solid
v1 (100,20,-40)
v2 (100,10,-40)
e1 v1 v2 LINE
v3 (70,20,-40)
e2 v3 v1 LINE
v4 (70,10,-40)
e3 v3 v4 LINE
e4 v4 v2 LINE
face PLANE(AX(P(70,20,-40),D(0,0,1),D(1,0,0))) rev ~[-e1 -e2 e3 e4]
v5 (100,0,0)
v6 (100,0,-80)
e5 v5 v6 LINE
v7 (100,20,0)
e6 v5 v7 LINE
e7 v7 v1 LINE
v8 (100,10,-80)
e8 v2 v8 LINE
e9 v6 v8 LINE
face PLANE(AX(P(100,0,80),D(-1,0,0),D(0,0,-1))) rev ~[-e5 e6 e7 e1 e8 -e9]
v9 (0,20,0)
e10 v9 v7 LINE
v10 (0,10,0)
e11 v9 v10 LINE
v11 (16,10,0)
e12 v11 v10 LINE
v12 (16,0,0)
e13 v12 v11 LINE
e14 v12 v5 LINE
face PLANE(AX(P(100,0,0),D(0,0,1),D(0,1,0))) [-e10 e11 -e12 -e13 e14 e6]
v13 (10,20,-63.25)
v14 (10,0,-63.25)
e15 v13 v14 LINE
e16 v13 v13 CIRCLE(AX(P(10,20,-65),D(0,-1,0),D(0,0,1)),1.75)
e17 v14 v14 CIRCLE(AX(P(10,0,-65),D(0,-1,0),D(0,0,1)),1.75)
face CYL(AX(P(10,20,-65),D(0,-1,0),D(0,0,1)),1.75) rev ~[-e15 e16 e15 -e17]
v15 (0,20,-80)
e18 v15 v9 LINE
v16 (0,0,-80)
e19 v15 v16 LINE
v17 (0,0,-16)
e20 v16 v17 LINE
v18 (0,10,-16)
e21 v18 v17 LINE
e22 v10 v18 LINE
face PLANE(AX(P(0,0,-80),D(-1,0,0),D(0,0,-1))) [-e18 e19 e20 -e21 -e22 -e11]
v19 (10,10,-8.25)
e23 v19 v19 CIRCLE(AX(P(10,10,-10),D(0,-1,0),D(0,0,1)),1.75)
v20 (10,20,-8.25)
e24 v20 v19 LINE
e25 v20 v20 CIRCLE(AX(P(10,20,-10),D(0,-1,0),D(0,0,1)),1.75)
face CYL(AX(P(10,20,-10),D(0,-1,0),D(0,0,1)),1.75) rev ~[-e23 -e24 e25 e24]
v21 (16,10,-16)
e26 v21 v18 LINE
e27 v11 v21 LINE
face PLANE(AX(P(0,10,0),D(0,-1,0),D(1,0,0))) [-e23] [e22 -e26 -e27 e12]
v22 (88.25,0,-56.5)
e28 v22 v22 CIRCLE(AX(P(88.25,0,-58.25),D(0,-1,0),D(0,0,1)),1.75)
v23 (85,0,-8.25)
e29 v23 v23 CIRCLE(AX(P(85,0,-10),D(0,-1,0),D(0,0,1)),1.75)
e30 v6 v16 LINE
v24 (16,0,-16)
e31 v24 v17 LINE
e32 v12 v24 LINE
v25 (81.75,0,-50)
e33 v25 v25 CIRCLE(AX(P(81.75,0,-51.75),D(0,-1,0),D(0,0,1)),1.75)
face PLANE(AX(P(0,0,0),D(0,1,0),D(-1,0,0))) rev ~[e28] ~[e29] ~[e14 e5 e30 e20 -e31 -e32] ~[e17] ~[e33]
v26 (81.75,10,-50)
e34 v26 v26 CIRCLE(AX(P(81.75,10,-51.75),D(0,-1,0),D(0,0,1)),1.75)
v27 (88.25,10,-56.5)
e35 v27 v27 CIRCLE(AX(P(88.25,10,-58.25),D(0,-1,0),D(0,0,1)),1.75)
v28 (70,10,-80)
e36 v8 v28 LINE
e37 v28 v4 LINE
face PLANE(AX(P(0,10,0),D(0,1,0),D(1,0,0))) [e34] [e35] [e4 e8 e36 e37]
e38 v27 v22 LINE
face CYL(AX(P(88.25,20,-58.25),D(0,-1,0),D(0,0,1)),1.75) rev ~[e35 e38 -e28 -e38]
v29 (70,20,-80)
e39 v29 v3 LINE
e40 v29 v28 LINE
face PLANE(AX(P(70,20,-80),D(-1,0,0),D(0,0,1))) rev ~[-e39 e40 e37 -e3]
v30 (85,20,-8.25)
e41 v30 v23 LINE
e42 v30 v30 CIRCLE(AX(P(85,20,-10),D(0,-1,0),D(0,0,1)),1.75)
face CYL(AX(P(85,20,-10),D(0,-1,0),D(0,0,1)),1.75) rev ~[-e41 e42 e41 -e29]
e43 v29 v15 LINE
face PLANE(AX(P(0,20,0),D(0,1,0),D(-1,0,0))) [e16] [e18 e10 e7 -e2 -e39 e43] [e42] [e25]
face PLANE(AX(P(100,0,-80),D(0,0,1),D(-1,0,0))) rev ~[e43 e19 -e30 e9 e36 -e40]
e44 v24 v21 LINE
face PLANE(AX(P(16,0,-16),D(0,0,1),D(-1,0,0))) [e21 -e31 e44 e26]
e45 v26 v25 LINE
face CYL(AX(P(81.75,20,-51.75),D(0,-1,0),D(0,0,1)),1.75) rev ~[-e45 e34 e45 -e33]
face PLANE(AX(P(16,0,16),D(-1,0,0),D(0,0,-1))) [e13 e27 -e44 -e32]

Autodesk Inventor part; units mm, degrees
ref_plane "YZ Plane" through (0, 0, 0) normal (1, 0, 0) x (0, 1, 0)
ref_plane "XZ Plane" through (0, 0, 0) normal (0, 1, 0) x (-1, 0, 0)
ref_plane "XY Plane" through (0, 0, 0) normal (0, 0, 1) x (1, 0, 0)
sketch "Boceto1" plane through (0, 0, 0) normal (0, 1, 0) x (-1, 0, 0)
  line L0 (100, 80) -> (-100, 80)
  line L1 (-100, 80) -> (-100, -80)
  line L2 (-100, -80) -> (100, -80)
  line L3 (100, -80) -> (100, 80)
  line L4 (100, 80) -> (-100, -80) construction
  line L5 (-100, 80) -> (100, -80) construction
  point P0 (0, 0)
  dimension "d0" = 200
  dimension "d1" = 160
extrude "Extrusión1" add sketch "Boceto1" along normal blind 20
sketch "Boceto2" plane through (0, 20, 0) normal (0, 1, 0) x (1, 0, 0)
  line L0 (-100, 80) -> (-100, -80) projected
  line L1 (-100, 80) -> (-70, 80)
  line L2 (-70, 80) -> (-70, 40)
  line L3 (-70, 40) -> (-100, 40)
  line L4 (-100, 40) -> (-100, 80)
  line L5 (100, 80) -> (-100, 80) projected
  line L6 (0, 80) -> (0, 40)
  line L7 (100, 80) -> (70, 80)
  line L8 (70, 80) -> (70, 40)
  line L9 (70, 40) -> (100, 40)
  line L10 (100, 40) -> (100, 80)
  point P0 (0, 0)
  dimension "d4" = 30
  dimension "d5" = 40
extrude "Extrusión2" cut sketch "Boceto2" against normal blind 10
sketch "Boceto3" plane through (0, 20, 0) normal (0, 1, 0) x (1, 0, 0)
  line L0 (-70, 80) -> (-70, 40) projected
  line L1 (-70, 80.0001) -> (-70, 40)
  line L2 (-70, 40) -> (-100, 40) projected
  line L3 (-100, 40) -> (-100, 80.0001)
  line L4 (-100, 40) -> (-70, 40)
  line L5 (-70, 40) -> (-70, 80)
  line L6 (-70, 80) -> (-100, 80)
  line L7 (-100, 80) -> (-100, 40)
  circle A0 centre (-88.25, 58.25) radius 1.75
  circle A1 centre (-81.75, 51.75) radius 1.75
  line L8 (100, 80) -> (-100, 80) projected
  line L9 (0, 80) -> (0, 56.5)
  circle A2 centre (88.25, 58.25) radius 1.75
  circle A3 centre (81.75, 51.75) radius 1.75
  point P0 (0, 0)
  point P1 (-64.3507, 80)
  point P2 (-74.3507, 0)
  point P3 (-85, 80)
  dimension "d23" = 21.75
  dimension "d24" = 11.75
  dimension "d26" = 11.75
hole "Agujero1" at (-81.75, 20, -51.75) at (-88.25, 20, -58.25) at (81.75, 20, -51.75) at (88.25, 20, -58.25) direction (0, -1, 0) diameter 3.5 end through all
sketch "Boceto4" plane through (-100, 0, 80) normal (0, 0, 1) x (1, 0, 0)
  line L0 (30, 20) -> (60, 20)
  line L1 (60, 20) -> (60, 10)
  line L2 (60, 10) -> (30, 10)
  line L3 (30, 10) -> (30, 20)
  line L4 (0, 0) -> (0, 20) projected
  line L5 (100, 0) -> (100, 10)
  line L6 (170, 20) -> (140, 20)
  line L7 (140, 20) -> (140, 10)
  line L8 (140, 10) -> (170, 10)
  line L9 (170, 10) -> (170, 20)
  dimension "d34" = 30
  dimension "d35" = 10
  dimension "d36" = 30
extrude "Extrusión3" add sketch "Boceto4" along normal blind 40
sketch "Boceto5" plane through (0, 20, 0) normal (0, 1, 0) x (1, 0, 0)
  line L0 (59.9999, -50) -> (69.9999, -50)
  line L1 (49.9999, -101.75) -> (49.9999, -79.9497)
  line L2 (59.9999, -108.25) -> (59.9999, -50)
  line L3 (40, -80) -> (69.9999, -80)
  line L4 (49.9999, -79.9497) -> (40, -80)
  circle A0 centre (51.7499, -101.75) radius 1.75
  circle A1 centre (58.2499, -108.25) radius 1.75
  line L5 (69.9999, -80) -> (69.9999, -120)
  line L6 (40, -120) -> (40, -80)
  line L7 (69.9999, -120) -> (40, -120)
  line L8 (0, -50) -> (0, -71.75)
  line L9 (-40, -120) -> (-40, -80)
  line L10 (-49.9999, -101.75) -> (-49.9999, -79.9497)
  circle A2 centre (-51.7499, -101.75) radius 1.75
  circle A3 centre (-58.2499, -108.25) radius 1.75
  line L11 (-40, -80) -> (-69.9999, -80)
  line L12 (-69.9999, -120) -> (-40, -120)
  line L13 (-69.9999, -80) -> (-69.9999, -120)
  line L14 (-59.9999, -108.25) -> (-59.9999, -50)
  line L15 (-40, -120) -> (-69.9999, -120)
  line L16 (-69.9999, -80) -> (-69.9999, -120)
  line L17 (-40, -120) -> (-70, -120) projected
  line L18 (-40, -80) -> (-40, -120) projected
  line L19 (-59.9999, -110) -> (-49.9999, -110)
  line L20 (-49.9999, -110) -> (-49.9999, -100)
  line L21 (-49.9999, -100) -> (-59.9999, -100)
  line L22 (-59.9999, -100) -> (-59.9999, -110)
  line L23 (-100, 40) -> (-100, -80) projected
  point P0 (0, 0)
  point P1 (-56.75, -68.25)
  point P2 (-63.25, -61.75)
  point P3 (63.25, -61.75)
  point P4 (56.75, -68.25)
  dimension "d45" = 3.5
  dimension "d46" = 3.5
  dimension "d39" = 10
  dimension "d40" = 10
  dimension "d41" = 40
  dimension "d42" = 0
  dimension "d43" = 6.5
  dimension "d44" = 6.5
  dimension "d47" = 11.7499
  dimension "d48" = 11.75
  dimension "d49" = 0
  dimension "d50" = 11.75
  dimension "d51" = 0
  dimension "d97" = 40.0001
hole "Agujero2" at (-58.2499, 20, 108.25) at (-51.7499, 20, 101.75) at (51.7499, 20, 101.75) at (58.2499, 20, 108.25) direction (0, -1, 0) diameter 3.5 end through all
sketch "Boceto6" plane through (0, 20, 0) normal (0, 1, 0) x (1, 0, 0)
  circle A0 centre (-60.569, -13.1067) radius 10
  circle A1 centre (-29.569, -59.1067) radius 3.5
  line L0 (-60.569, -13.1067) -> (-39.0083, -13.1067)
  circle A2 centre (-29.569, 25.8933) radius 3.5
  circle A3 centre (-88.569, 25.8933) radius 3.5
  circle A4 centre (-88.569, -59.1067) radius 3.5
  line L1 (70.4544, -63.0517) -> (18.4544, -63.0517)
  line L2 (18.4544, -63.0517) -> (18.4544, 6.9483)
  line L3 (18.4544, 6.9483) -> (70.4544, 6.9483)
  line L4 (70.4544, 6.9483) -> (70.4544, -63.0517)
  line L5 (70.4544, 6.9483) -> (48.4544, 6.9483)
  line L6 (48.4544, 6.9483) -> (48.4544, 48.9483)
  line L7 (48.4544, 48.9483) -> (70.4544, 48.9483)
  line L8 (70.4544, 48.9483) -> (70.4544, 6.9483)
  line L9 (77.2288, -8.158) -> (77.2281, -5.6604)
  circle A5 centre (63.7706, -5.7606) radius 1.75
  line L10 (70.7641, -24.1464) -> (70.7641, 22.2796)
  circle A6 centre (35.8307, -5.7609) radius 1.75
  line L11 (25.1581, -13.2381) -> (25.1581, -10.7404)
  circle A7 centre (68.8507, -57.8309) radius 1.75
  line L12 (26.4277, 35.0051) -> (26.4277, 37.5029)
  circle A8 centre (20.6074, -56.5614) radius 1.75
  line L13 (18.6941, -55.9176) -> (70.7641, -55.9176)
  line L14 (18.6941, -55.9176) -> (18.6941, -7.6743)
  line L15 (44.7291, -55.9176) -> (44.7291, -31.7959)
  line L16 (63.7706, -28.0517) -> (26.4277, -28.0517)
  line L17 (44.7291, -23.5247) -> (44.7291, -31.7959)
  point P0 (0, 0)
  point P1 (-60.569, -16.6067)
  point P2 (45.425, 12.8886)
  point P3 (44.7291, -28.0517)
  dimension "d59" = 7
  dimension "d60" = 7
  dimension "d61" = 7
  dimension "d62" = 39
  dimension "d63" = 46
  dimension "d64" = 59
  dimension "d65" = 46
  dimension "d66" = 39
  dimension "d67" = 59
  dimension "d68" = 52
  dimension "d69" = 70
  dimension "d70" = 22
  dimension "d71" = 42
  dimension "d72" = 3.5
  dimension "d73" = 3.5
  dimension "d74" = 3.5
  dimension "d75" = 3.5
  dimension "d142" = 17.3763
  dimension "d143" = 12.7092
  dimension "d144" = 6.6837
  dimension "d145" = 12.7089
  dimension "d146" = 5.2208
  dimension "d147" = 1.6037
  dimension "d148" = 2.1531
  dimension "d149" = 6.4903
hole "Agujero3" at (68.8507, 20, 57.8309) at (20.6074, 20, 56.5614) at (63.7706, 20, 5.7606) at (35.8307, 20, 5.7609) direction (0, -1, 0) diameter 3.5 end through all
sketch "Boceto7" plane through (0, 20, 0) normal (0, 1, 0) x (1, 0, 0)
  circle A0 centre (-60.569, -13.1067) radius 10
  circle A1 centre (-29.569, -59.1067) radius 3.5
  line L0 (-60.569, -13.1067) -> (-39.0083, -13.1067)
  circle A2 centre (-29.569, 25.8933) radius 3.5
  circle A3 centre (-88.569, 25.8933) radius 3.5
  circle A4 centre (-88.569, -59.1067) radius 3.5
  point P0 (0, 0)
  point P1 (-60.569, -16.6067)
  dimension "d83" = 7
  dimension "d84" = 7
  dimension "d85" = 7
  dimension "d86" = 39
  dimension "d87" = 46
  dimension "d88" = 59
  dimension "d89" = 46
  dimension "d90" = 39
  dimension "d91" = 59
extrude "Extrusión4" cut sketch "Boceto7" against normal blind 20
ref_plane "Plano de trabajo1" through (0, 0, -80) normal (-1, 0, 0) x (0, 0, 1)
ref_plane "Plano de trabajo2" through (100, 0, 0) normal (0, 0, -1) x (-1, 0, 0)
sketch "Boceto8" plane through (0, 20, 0) normal (0, 1, 0) x (1, 0, 0)
  line L0 (80, -15) -> (90, -15)
  circle A0 centre (85, -10) radius 1.75
  line L1 (85, 10) -> (85, -10)
  line L2 (90, -15) -> (90, 15)
  circle A1 centre (85, 10) radius 1.75
  line L3 (80, 15) -> (80, -15)
  line L4 (90, 15) -> (80, -15) construction
  line L5 (80, 15) -> (90, -15) construction
  line L6 (90, 15) -> (80, 15)
  line L7 (100, -80) -> (100, 40) projected
  line L8 (0, 0) -> (20, -20)
  line L9 (0, 0) -> (28.2843, 0) construction
  line L10 (15, -60) -> (15, -70)
  circle A2 centre (10, -65) radius 1.75
  line L11 (-10, -65) -> (10, -65)
  line L12 (15, -70) -> (-15, -70)
  circle A3 centre (-10, -65) radius 1.75
  line L13 (-15, -60) -> (15, -60)
  line L14 (-15, -70) -> (15, -60) construction
  line L15 (-15, -60) -> (15, -70) construction
  line L16 (-15, -70) -> (-15, -60)
  line L17 (0, 0) -> (18.6615, 18.6615)
  line L18 (0, 0) -> (26.3913, 0) construction
  line L19 (-15, 60) -> (-15, 70)
  circle A4 centre (-10, 65) radius 1.75
  line L20 (10, 65) -> (-10, 65)
  line L21 (-15, 70) -> (15, 70)
  circle A5 centre (10, 65) radius 1.75
  line L22 (15, 60) -> (-15, 60)
  line L23 (15, 70) -> (-15, 60) construction
  line L24 (15, 60) -> (-15, 70) construction
  line L25 (15, 70) -> (15, 60)
  line L26 (70, 80) -> (-70, 80) projected
  line L27 (-40, -80) -> (40, -80) projected
  point P0 (86.9608, 0)
  point P1 (86.9608, 0)
  point P2 (85, 15)
  point P3 (0, -69.1269)
  point P4 (0, -69.1269)
  point P5 (-15, -67.1661)
  point P6 (0, 69.7066)
  point P7 (0, 69.7066)
  point P8 (15, 67.7458)
  point P9 (-15, 65)
  point P10 (15, -65)
  dimension "d98" = 10
  dimension "d99" = 30
  dimension "d100" = 10
  dimension "d101" = 5
  dimension "d102" = 5
  dimension "d103" = 5
  dimension "d104" = 5
  dimension "d105" = 45
  dimension "d106" = 45
  dimension "d107" = 10
  dimension "d108" = 10
  dimension "d109" = 30
  dimension "d110" = 5
  dimension "d111" = 5
  dimension "d112" = 5
  dimension "d113" = 5
  dimension "d114" = 10
  dimension "d115" = 30
  dimension "d116" = 5
  dimension "d117" = 5
  dimension "d118" = 5
  dimension "d119" = 5
  dimension "d120" = 10
hole "Agujero4" at (-10, 20, -65) at (10, 20, -65) at (85, 20, -10) at (85, 20, 10) at (10, 20, 65) at (-10, 20, 65) direction (0, -1, 0) diameter 3.5 end through all
sketch "Boceto9" plane through (0, 20, 0) normal (0, 1, 0) x (1, 0, 0)
  circle A0 centre (10, -10) radius 1.75
  line L0 (6.803, 0) -> (14.6069, 0)
  line L1 (0, 0) -> (0, -4.8284)
  line L2 (0, 0) -> (20.0354, 0)
  circle A1 centre (10, 10) radius 1.75
  line L3 (0, 0) -> (0, 4.8284)
  circle A2 centre (-10, 10) radius 1.75
  circle A3 centre (-10, -10) radius 1.75
  dimension "d128" = 3.5
  dimension "d129" = 10
  dimension "d130" = 10
hole "Agujero5" at (-10, 20, 10) at (-10, 20, -10) at (10, 20, -10) at (10, 20, 10) direction (0, -1, 0) diameter 3.5 end through all
sketch "Boceto10" plane through (0, 0, 0) normal (0, -1, 0) x (1, 0, 0)
  line L0 (-16, 16) -> (16, 16)
  line L1 (16, 16) -> (16, -16)
  line L2 (16, -16) -> (-16, -16)
  line L3 (-16, -16) -> (-16, 16)
  line L4 (-16, 16) -> (16, -16) construction
  line L5 (16, 16) -> (-16, -16) construction
  point P0 (0, 0)
  point P1 (0, 0)
  dimension "d138" = 32
  dimension "d139" = 32
extrude "Extrusión5" cut sketch "Boceto10" against normal blind 10
split "Dividir1" plane through (100, 0, 0) removes the side toward (0, 0, 1)
split "Dividir2" plane through (0, 0, -80) removes the side toward (-1, 0, 0)
properties part number "base_mid_2"
